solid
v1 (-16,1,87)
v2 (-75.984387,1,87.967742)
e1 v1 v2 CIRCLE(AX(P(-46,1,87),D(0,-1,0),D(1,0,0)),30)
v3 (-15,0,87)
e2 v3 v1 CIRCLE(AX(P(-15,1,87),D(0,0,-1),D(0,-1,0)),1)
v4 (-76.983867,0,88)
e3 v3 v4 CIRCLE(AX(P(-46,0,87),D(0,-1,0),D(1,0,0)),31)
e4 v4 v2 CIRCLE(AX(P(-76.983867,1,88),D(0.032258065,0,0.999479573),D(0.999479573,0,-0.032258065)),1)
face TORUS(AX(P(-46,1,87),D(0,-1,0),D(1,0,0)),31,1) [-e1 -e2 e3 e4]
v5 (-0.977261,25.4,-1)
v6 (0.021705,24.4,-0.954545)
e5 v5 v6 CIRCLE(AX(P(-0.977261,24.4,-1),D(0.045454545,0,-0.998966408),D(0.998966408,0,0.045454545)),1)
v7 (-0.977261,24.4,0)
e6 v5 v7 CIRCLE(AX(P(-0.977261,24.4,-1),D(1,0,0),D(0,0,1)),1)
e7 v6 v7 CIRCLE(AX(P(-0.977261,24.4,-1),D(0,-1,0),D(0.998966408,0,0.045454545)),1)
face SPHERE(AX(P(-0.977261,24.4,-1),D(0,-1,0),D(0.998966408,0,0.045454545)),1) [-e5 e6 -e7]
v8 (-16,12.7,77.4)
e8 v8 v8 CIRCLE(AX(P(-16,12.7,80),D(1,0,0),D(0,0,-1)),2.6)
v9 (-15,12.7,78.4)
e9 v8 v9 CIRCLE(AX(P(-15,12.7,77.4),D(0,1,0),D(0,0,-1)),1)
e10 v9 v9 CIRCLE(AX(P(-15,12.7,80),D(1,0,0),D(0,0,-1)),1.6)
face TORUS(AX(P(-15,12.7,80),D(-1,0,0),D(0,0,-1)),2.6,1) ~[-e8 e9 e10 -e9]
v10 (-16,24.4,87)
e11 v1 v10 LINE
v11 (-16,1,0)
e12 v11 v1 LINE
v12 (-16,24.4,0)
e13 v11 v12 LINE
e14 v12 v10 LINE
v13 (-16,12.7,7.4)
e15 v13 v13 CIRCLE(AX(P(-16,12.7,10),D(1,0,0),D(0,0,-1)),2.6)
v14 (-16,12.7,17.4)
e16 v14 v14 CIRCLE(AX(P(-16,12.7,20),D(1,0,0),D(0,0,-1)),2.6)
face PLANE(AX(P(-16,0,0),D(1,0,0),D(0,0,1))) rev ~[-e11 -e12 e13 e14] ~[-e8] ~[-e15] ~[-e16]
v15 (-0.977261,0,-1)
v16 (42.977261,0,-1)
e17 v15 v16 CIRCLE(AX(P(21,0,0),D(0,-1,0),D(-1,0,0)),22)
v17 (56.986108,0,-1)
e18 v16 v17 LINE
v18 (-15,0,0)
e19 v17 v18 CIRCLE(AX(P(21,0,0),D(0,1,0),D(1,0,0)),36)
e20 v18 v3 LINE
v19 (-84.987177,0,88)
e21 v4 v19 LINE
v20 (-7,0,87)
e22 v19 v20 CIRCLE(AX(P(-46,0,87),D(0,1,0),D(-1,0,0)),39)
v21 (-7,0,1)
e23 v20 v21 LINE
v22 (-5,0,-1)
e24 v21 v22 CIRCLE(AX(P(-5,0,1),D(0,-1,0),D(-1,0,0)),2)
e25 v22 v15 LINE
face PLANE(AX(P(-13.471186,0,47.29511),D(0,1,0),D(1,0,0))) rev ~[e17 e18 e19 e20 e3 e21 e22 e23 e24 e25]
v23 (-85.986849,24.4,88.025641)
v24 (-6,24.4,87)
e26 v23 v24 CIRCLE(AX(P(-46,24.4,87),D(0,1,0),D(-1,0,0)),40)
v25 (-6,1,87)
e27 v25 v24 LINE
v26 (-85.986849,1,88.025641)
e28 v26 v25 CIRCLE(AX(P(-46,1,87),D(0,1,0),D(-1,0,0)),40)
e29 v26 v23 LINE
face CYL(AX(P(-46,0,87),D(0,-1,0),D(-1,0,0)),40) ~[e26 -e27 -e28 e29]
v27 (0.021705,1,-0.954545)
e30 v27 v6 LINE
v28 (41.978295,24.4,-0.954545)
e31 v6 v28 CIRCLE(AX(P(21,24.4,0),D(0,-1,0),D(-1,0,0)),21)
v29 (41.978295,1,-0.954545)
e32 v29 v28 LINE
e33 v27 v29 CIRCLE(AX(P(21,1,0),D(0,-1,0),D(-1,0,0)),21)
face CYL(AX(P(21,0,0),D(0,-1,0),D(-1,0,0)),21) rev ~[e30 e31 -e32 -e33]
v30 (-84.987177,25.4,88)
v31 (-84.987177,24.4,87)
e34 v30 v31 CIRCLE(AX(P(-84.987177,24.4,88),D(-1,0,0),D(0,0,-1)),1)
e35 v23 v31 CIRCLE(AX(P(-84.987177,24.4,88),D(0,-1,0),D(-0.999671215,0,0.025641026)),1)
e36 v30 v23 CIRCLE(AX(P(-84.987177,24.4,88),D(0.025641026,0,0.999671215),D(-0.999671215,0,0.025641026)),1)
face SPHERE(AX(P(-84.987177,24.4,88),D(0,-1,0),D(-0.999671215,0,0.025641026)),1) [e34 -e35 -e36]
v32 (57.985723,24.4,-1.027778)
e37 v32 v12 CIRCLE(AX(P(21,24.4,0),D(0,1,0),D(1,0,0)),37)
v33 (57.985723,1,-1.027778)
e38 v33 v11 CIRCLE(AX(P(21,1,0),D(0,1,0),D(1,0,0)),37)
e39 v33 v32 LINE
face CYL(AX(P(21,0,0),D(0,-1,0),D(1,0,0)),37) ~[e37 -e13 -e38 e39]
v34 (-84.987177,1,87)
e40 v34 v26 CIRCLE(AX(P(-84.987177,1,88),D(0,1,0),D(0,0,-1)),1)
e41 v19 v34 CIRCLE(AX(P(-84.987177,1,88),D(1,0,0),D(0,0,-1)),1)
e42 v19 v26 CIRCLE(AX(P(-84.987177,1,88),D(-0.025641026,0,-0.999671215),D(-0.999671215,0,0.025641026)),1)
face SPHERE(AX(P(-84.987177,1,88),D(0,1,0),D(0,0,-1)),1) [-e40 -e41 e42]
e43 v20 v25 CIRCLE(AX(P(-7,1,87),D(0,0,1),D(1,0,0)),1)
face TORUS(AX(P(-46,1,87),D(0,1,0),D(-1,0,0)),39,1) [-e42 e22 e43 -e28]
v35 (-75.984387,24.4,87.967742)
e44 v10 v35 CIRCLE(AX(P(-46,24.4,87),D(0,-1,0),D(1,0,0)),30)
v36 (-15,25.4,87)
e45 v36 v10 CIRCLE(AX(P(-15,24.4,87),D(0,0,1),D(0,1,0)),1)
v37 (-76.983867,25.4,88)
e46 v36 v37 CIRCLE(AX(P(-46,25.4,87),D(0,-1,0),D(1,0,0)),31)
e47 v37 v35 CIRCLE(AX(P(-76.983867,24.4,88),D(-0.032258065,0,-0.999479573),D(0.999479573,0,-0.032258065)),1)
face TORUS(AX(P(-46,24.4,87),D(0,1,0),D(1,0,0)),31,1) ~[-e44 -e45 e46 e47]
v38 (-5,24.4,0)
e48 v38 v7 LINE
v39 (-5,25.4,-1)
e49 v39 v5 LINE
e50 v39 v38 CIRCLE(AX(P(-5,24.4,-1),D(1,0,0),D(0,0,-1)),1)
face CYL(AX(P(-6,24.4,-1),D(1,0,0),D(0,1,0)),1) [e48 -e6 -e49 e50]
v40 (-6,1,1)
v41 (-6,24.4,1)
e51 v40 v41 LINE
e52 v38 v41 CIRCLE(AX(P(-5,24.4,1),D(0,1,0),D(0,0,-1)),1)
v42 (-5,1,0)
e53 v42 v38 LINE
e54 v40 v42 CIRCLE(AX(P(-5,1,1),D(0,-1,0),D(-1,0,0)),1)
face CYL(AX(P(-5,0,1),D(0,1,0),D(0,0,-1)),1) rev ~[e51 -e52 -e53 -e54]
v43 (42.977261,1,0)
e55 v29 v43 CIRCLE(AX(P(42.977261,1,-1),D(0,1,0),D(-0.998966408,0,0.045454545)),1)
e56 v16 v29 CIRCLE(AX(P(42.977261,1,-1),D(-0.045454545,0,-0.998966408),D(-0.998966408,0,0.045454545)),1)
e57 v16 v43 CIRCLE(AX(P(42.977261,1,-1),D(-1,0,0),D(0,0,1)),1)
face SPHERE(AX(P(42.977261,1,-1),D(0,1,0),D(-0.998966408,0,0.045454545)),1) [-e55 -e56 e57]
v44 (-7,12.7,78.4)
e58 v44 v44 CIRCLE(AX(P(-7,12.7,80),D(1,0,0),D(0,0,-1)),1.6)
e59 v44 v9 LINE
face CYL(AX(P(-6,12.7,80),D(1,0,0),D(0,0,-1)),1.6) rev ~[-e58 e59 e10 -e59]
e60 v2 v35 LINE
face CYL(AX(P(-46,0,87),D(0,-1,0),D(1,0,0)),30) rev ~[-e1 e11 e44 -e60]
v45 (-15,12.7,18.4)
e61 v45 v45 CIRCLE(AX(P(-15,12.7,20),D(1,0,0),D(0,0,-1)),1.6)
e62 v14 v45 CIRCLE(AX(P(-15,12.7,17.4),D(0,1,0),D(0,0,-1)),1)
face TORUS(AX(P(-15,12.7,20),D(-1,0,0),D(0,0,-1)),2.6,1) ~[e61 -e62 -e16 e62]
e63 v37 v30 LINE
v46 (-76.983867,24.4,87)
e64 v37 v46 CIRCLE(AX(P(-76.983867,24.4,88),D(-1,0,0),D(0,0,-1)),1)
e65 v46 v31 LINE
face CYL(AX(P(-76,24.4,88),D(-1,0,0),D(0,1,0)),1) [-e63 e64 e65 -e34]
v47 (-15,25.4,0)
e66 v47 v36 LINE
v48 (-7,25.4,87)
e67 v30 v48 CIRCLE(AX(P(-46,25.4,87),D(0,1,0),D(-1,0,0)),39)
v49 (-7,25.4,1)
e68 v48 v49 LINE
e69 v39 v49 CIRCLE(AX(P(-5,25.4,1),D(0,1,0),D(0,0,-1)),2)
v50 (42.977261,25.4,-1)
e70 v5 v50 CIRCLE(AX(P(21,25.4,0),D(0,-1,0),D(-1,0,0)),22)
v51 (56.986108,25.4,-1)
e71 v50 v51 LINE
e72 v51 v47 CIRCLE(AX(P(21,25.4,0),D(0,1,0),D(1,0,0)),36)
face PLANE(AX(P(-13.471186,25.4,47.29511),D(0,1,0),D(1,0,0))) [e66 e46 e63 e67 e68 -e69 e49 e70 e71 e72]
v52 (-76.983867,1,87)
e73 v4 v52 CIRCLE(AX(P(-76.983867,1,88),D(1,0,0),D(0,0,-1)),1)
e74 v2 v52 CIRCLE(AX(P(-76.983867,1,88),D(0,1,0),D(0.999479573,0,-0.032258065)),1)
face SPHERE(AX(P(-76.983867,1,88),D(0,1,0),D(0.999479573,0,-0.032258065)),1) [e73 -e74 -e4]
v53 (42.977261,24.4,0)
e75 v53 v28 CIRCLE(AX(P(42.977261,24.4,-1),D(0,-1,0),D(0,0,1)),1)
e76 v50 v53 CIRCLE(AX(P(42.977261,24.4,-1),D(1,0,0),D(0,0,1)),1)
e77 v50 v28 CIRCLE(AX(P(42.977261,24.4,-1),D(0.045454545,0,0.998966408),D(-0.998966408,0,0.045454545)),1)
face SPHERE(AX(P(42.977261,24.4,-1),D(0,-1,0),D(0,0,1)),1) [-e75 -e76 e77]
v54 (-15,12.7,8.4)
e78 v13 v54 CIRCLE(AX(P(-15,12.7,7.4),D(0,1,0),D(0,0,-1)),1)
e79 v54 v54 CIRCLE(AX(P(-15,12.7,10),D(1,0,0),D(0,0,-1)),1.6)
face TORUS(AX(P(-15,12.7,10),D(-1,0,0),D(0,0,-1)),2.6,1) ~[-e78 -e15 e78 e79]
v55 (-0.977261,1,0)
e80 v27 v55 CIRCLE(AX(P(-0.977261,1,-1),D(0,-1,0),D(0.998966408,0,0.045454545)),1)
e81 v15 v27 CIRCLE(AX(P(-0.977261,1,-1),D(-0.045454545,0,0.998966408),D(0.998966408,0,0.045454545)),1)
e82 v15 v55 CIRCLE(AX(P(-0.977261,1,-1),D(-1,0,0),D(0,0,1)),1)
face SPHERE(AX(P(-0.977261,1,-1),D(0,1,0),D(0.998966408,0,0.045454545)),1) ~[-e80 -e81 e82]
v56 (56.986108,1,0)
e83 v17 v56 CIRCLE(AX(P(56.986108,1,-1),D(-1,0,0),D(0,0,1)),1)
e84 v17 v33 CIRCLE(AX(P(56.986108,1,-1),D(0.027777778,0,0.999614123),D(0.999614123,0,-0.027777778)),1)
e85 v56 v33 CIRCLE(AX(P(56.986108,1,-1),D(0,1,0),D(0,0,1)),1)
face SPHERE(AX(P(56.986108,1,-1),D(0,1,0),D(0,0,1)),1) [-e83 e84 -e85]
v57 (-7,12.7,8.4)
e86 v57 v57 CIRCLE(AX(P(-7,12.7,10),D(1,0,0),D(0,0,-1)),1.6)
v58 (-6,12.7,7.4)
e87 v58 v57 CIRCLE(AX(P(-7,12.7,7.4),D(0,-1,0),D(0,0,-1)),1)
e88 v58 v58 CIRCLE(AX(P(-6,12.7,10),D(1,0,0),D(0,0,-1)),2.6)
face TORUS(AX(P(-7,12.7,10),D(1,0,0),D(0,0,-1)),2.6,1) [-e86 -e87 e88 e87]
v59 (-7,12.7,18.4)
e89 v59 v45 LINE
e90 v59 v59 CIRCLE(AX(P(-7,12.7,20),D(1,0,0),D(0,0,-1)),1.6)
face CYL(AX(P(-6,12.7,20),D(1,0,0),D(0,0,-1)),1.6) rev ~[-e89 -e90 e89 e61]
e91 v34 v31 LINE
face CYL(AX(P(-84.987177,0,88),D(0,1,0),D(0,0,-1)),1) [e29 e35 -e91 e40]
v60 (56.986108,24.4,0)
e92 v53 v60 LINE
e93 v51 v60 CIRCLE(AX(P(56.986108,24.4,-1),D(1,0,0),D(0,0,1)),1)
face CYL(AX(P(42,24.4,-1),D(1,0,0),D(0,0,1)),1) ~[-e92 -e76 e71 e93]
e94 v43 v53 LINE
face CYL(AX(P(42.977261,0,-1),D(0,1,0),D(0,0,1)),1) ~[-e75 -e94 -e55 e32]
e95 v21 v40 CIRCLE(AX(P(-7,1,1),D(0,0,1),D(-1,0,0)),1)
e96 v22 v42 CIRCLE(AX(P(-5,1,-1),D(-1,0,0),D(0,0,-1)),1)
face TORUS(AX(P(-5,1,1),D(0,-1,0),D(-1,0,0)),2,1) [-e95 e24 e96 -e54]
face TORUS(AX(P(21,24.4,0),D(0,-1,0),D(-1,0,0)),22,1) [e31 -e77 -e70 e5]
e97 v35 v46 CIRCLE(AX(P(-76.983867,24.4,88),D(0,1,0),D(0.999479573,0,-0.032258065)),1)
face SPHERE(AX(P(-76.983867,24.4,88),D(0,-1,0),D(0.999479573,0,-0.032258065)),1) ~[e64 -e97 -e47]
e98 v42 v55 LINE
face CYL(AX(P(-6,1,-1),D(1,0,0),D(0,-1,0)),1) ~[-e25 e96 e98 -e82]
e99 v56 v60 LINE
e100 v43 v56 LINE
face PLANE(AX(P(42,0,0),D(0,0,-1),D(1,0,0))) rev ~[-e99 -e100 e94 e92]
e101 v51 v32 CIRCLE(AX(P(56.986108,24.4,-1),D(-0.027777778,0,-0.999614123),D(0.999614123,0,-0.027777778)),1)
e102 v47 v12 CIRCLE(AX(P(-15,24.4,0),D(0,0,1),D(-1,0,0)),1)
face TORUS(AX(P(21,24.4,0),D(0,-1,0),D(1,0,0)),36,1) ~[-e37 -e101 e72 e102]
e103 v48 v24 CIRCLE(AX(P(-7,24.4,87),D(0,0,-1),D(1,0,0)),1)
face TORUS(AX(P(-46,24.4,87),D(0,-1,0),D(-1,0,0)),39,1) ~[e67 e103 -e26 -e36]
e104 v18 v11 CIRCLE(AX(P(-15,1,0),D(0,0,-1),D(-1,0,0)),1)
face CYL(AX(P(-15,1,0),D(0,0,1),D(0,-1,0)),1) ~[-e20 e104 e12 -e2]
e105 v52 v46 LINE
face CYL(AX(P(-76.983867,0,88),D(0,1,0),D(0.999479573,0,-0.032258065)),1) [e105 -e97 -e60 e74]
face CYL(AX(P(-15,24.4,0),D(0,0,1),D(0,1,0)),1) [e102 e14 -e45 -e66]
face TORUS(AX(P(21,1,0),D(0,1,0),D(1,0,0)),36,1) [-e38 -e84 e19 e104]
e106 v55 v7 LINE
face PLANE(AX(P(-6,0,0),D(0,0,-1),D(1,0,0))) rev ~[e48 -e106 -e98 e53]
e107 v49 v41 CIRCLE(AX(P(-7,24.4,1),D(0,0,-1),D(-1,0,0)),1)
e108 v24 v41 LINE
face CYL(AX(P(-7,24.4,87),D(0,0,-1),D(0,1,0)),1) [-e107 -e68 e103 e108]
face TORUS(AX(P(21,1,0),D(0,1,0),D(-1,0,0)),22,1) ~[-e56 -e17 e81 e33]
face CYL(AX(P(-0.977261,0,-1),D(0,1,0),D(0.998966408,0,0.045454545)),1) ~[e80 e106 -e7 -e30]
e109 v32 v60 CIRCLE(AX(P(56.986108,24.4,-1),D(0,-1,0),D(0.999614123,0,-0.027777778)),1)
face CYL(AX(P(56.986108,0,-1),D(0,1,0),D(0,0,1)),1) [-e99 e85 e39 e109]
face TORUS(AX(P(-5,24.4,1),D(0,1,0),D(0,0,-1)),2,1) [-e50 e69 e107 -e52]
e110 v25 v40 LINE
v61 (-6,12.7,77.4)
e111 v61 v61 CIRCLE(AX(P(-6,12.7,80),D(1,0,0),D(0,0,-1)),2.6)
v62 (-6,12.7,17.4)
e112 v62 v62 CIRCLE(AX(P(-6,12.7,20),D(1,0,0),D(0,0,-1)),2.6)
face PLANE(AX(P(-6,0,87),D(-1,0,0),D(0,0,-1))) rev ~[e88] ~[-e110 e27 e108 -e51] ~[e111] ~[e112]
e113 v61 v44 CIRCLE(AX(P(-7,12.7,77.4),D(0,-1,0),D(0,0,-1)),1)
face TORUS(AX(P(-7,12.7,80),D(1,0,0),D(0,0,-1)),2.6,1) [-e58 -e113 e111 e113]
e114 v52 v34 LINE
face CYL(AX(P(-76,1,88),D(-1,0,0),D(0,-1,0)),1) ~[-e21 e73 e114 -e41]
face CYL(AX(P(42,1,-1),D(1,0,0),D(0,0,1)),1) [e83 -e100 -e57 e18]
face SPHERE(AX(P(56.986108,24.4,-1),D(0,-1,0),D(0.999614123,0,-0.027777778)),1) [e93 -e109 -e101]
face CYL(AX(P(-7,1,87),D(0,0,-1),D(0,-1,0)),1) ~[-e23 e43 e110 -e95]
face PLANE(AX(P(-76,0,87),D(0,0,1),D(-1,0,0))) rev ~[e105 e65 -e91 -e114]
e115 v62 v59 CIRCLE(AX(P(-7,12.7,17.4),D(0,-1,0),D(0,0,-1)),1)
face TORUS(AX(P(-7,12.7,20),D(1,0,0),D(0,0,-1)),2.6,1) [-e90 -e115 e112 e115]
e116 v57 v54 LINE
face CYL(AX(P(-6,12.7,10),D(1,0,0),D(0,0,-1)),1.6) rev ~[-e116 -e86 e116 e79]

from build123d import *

# Parameters (mm, degrees)
BOSS_EXTRUDE1_DEPTH = 25.4
SKETCH3_R           = 1.6
CUT_EXTRUDE2_DEPTH  = 153.230614529
FILLET1_R           = 1


with BuildPart() as part:
    # Sketch1 → Boss-Extrude1 (new body)
    with BuildSketch(Plane(origin=(0, 0, 0), x_dir=(1, 0, 0), z_dir=(0, 1, 0))):
        with BuildLine():
            Line((42, 0), (58, 0))
            ThreePointArc((58, 0), (21, 37), (-16, 0))
            Line((-16, 0), (-16, -87))
            ThreePointArc((-16, -87), (-46, -117), (-76, -87))
            Line((-76, -87), (-86, -87))
            ThreePointArc((-86, -87), (-46, -127), (-6, -87))
            Line((-6, -87), (-6, 0))
            Line((-6, 0), (0, 0))
            ThreePointArc((0, 0), (21, 21), (42, 0))
        make_face()
    extrude(amount=BOSS_EXTRUDE1_DEPTH)

    # Sketch3 → Cut-Extrude2 (cut, through all)
    with BuildSketch(Plane(origin=(-6, 0, 0), x_dir=(0, 0, -1), z_dir=(1, 0, 0))):
        with Locations((-20, 12.7)):
            Circle(SKETCH3_R)
        with Locations((-10, 12.7)):
            Circle(SKETCH3_R)
        with Locations((-80, 12.7)):
            Circle(SKETCH3_R)
    extrude(amount=-CUT_EXTRUDE2_DEPTH, mode=Mode.SUBTRACT)

    # Fillet1
    fillet1_edges = [part.edges().sort_by_distance(p)[0] for p in [
        (-46, 25.4, 127),
        (-46, 0, 117),
        (-81, 0, 87),
        (-46, 0, 127),
        (-6, 0, 43.5),
        (-3, 0, 0),
        (-81, 25.4, 87),
        (0, 12.7, 0),
        (42, 12.7, 0),
        (58, 12.7, 0),
        (-76, 12.7, 87),
        (-86, 12.7, 87),
        (-6, 12.7, 0),
        (-46, 25.4, 117),
        (-16, 25.4, 43.5),
        (21, 25.4, -37),
        (50, 25.4, 0),
        (-16, 12.7, 21.6),
        (-6, 12.7, 21.6),
        (21, 25.4, -21),
        (-16, 12.7, 11.6),
        (-6, 12.7, 11.6),
        (-16, 12.7, 81.6),
        (-6, 12.7, 81.6),
        (-3, 25.4, 0),
        (-6, 25.4, 43.5),
        (21, 0, -21),
        (50, 0, 0),
        (21, 0, -37),
        (-16, 0, 43.5),
    ]]
    fillet(fillet1_edges, radius=FILLET1_R)


solid = part.part
